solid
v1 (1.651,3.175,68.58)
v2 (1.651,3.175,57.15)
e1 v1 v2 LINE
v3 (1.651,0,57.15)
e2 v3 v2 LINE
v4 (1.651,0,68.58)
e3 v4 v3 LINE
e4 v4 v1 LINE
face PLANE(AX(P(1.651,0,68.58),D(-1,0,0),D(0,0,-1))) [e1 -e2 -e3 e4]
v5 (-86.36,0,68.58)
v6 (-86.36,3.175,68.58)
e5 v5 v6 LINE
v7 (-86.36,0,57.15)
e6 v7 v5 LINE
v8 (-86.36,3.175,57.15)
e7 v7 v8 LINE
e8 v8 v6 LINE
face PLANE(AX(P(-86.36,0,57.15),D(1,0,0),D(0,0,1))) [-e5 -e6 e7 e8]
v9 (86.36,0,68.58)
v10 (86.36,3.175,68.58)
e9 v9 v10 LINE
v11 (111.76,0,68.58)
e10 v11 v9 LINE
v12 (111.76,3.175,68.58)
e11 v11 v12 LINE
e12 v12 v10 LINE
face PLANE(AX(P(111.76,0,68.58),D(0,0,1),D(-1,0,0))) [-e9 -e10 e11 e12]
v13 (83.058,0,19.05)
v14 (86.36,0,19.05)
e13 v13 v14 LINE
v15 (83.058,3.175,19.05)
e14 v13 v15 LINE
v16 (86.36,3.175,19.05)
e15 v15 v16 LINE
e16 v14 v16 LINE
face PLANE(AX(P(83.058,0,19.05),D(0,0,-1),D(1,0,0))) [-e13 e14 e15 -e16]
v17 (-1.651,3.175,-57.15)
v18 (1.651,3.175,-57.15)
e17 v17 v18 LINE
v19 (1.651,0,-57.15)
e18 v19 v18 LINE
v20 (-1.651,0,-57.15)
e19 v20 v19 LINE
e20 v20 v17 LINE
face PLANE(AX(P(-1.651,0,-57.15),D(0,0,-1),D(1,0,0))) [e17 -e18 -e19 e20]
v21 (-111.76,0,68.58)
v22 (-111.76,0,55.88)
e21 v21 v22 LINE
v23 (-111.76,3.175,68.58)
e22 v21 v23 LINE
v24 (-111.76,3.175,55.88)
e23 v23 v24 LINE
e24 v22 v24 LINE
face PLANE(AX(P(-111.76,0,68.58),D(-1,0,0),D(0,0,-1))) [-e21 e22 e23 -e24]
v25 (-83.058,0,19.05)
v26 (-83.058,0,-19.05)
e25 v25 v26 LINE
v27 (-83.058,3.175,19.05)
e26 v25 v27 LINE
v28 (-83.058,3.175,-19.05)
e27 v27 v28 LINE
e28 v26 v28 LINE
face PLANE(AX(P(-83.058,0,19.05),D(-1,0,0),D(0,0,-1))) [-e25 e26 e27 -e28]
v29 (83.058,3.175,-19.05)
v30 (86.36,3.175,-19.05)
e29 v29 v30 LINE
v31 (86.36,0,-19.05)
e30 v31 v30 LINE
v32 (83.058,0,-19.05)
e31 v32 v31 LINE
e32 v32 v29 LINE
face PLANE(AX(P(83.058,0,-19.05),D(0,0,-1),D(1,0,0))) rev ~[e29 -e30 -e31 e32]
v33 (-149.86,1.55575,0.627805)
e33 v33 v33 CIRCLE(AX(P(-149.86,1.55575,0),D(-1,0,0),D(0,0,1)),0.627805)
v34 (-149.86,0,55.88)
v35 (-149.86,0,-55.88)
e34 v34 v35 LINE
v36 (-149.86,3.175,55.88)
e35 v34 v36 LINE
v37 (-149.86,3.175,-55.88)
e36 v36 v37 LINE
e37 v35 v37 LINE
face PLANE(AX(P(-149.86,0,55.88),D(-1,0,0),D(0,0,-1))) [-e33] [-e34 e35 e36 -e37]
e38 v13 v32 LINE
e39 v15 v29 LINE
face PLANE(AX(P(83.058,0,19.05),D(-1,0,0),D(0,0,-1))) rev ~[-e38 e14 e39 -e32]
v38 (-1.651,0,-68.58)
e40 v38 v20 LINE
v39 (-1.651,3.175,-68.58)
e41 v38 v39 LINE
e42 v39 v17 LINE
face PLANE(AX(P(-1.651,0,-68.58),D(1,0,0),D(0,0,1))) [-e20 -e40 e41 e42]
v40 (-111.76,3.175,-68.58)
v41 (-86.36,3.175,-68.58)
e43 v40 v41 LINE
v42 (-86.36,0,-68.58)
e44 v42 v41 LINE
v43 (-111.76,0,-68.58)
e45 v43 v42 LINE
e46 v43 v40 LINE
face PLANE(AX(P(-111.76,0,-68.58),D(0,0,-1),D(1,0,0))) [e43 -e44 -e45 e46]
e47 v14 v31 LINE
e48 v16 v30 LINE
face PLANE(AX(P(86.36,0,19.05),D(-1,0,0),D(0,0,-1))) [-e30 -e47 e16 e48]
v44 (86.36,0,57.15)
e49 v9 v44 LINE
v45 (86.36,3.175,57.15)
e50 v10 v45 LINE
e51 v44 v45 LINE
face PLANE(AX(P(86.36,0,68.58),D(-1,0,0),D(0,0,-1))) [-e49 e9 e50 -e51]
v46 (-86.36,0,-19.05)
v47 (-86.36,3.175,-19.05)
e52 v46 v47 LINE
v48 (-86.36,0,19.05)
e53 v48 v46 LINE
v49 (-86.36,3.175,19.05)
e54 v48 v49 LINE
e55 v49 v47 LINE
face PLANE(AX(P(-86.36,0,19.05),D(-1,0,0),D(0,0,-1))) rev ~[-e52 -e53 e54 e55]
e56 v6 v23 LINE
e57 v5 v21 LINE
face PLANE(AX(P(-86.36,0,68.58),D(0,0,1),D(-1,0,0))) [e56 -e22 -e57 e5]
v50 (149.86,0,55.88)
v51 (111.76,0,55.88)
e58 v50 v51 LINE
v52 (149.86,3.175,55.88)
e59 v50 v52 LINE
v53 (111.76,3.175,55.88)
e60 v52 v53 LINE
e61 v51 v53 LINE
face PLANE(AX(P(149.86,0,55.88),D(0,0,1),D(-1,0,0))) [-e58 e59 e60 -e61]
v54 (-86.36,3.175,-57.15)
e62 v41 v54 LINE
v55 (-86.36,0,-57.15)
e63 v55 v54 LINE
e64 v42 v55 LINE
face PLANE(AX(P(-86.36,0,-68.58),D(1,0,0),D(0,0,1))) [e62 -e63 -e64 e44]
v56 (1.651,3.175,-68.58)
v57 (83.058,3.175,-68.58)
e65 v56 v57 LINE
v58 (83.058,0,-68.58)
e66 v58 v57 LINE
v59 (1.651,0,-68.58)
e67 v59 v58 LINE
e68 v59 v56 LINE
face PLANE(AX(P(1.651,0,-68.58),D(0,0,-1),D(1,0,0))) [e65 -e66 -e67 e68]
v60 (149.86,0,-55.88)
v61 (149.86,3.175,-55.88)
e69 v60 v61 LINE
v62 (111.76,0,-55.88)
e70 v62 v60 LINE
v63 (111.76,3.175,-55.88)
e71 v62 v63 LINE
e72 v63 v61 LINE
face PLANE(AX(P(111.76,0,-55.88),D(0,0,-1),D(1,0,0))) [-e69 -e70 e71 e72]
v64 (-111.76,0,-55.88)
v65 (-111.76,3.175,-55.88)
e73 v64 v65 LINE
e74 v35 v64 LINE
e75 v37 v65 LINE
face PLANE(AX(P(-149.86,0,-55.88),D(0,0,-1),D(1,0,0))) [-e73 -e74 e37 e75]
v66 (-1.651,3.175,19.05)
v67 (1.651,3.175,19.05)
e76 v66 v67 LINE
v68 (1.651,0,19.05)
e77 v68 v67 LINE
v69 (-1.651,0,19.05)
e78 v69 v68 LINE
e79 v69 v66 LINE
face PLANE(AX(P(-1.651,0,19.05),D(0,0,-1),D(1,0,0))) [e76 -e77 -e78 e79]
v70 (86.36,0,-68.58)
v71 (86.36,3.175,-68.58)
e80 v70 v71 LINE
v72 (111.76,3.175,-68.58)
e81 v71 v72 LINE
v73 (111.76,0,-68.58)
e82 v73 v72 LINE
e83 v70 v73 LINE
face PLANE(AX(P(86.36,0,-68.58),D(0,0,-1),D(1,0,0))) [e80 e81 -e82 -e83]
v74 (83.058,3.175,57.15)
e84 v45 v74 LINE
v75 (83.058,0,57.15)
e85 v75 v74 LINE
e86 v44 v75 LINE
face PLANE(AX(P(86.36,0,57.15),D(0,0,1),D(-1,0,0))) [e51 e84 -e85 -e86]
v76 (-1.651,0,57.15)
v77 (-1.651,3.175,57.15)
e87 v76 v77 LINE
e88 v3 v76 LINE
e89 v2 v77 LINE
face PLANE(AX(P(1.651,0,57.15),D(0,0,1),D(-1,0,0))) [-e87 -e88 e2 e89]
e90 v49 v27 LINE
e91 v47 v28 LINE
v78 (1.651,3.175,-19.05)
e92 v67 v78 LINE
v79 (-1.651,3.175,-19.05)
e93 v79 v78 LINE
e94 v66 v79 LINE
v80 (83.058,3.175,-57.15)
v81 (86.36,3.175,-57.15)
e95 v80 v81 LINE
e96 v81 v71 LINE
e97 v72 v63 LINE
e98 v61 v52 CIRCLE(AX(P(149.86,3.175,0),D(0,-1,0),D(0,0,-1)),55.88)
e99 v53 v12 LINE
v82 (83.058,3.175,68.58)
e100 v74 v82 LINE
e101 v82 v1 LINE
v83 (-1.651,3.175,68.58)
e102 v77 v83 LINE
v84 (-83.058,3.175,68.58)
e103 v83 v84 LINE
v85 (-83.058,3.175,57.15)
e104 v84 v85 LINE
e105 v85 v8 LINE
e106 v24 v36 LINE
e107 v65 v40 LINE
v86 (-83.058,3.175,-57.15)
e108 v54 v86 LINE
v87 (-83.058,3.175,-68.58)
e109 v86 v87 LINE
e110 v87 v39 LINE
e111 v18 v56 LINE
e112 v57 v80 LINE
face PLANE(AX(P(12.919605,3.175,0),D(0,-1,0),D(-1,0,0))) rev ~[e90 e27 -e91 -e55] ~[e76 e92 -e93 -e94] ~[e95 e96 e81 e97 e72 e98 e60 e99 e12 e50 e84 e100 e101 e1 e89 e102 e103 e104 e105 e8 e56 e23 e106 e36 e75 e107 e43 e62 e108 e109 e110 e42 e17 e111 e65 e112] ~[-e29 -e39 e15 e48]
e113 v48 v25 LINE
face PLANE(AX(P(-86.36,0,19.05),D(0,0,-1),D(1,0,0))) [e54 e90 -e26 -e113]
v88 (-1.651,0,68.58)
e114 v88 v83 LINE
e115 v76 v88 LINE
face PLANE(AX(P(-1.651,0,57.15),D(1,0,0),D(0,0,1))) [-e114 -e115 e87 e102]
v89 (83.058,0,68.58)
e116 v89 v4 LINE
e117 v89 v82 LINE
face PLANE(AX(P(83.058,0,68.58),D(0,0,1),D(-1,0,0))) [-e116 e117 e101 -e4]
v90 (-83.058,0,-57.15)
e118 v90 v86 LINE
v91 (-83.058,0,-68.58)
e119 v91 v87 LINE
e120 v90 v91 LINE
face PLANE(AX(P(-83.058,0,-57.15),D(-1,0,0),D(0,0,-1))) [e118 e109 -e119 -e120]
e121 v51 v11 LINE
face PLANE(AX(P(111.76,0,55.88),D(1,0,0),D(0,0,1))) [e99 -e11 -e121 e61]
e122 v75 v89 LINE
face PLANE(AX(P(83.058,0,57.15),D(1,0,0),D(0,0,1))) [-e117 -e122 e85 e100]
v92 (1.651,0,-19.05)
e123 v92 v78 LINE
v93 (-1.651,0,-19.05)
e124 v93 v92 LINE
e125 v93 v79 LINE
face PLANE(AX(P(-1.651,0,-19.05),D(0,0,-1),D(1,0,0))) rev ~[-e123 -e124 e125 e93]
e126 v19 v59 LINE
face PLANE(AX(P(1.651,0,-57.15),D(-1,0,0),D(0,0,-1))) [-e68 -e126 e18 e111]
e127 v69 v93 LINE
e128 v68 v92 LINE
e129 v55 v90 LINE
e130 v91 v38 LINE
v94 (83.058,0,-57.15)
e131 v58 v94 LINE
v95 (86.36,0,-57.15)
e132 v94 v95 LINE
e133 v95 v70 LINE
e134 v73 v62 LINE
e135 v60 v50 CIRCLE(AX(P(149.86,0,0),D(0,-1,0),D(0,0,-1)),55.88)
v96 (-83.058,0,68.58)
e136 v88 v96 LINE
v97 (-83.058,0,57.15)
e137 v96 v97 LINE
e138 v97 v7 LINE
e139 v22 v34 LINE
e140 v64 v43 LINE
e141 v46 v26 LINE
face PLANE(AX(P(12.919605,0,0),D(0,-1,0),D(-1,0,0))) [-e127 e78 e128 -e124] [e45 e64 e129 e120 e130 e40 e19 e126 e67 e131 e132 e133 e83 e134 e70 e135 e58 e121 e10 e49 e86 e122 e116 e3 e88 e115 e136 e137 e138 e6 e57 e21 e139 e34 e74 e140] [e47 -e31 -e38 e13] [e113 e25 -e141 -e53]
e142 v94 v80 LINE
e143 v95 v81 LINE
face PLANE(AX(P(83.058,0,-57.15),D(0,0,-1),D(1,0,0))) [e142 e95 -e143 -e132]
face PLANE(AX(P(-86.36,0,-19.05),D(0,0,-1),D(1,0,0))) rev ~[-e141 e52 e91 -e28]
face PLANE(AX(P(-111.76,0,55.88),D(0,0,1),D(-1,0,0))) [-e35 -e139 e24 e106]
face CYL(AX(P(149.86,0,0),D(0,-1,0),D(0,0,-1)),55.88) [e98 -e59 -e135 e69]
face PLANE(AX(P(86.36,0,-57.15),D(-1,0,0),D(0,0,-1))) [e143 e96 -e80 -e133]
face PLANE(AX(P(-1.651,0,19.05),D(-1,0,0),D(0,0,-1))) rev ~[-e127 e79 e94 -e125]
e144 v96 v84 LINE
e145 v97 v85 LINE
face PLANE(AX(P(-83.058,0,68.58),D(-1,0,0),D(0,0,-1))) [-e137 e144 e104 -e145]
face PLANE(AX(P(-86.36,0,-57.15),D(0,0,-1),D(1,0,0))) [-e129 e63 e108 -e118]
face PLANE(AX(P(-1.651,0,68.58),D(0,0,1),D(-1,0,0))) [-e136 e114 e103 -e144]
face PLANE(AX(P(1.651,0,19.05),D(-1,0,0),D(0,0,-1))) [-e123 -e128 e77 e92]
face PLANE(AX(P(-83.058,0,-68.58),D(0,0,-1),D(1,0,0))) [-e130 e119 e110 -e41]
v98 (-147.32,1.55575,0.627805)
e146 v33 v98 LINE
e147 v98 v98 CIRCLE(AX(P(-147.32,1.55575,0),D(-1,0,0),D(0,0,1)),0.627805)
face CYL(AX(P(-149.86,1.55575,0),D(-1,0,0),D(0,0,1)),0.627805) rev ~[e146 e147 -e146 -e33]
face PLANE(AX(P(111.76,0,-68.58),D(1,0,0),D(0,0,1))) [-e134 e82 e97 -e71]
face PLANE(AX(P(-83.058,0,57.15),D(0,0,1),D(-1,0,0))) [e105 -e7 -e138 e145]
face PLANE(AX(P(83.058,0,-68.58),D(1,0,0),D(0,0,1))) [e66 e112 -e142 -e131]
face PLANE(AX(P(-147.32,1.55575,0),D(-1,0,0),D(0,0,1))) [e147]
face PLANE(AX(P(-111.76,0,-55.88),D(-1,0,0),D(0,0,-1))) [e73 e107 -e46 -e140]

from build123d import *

# Parameters (mm, degrees)
SKETCH1_W           = 3.302
SKETCH1_H           = 38.1
BOSS_EXTRUDE1_DEPTH = 3.175
SKETCH2_R           = 0.627804746
CUT_EXTRUDE1_DEPTH  = 2.54


with BuildPart() as part:
    # Sketch1 → Boss-Extrude1 (new body)
    with BuildSketch(Plane(origin=(0, 0, 0), x_dir=(1, 0, 0), z_dir=(0, 1, 0))):
        with BuildLine():
            Line((-149.86, -55.88), (-149.86, 55.88))
            Line((-149.86, 55.88), (-111.76, 55.88))
            Line((-111.76, 55.88), (-111.76, 68.58))
            Line((-111.76, 68.58), (-86.36, 68.58))
            Line((-86.36, 68.58), (-86.36, 57.15))
            Line((-86.36, 57.15), (-83.058, 57.15))
            Line((-83.058, 57.15), (-83.058, 68.58))
            Line((-83.058, 68.58), (-1.651, 68.58))
            Line((-1.651, 68.58), (-1.651, 57.15))
            Line((-1.651, 57.15), (1.651, 57.15))
            Line((1.651, 57.15), (1.651, 68.58))
            Line((1.651, 68.58), (83.058, 68.58))
            Line((83.058, 68.58), (83.058, 57.15))
            Line((83.058, 57.15), (86.36, 57.15))
            Line((86.36, 57.15), (86.36, 68.58))
            Line((86.36, 68.58), (111.76, 68.58))
            Line((111.76, 68.58), (111.76, 55.88))
            Line((111.76, 55.88), (149.86, 55.88))
            ThreePointArc((149.86, 55.88), (205.74, 0), (149.86, -55.88))
            Line((149.86, -55.88), (111.76, -55.88))
            Line((111.76, -55.88), (111.76, -68.58))
            Line((111.76, -68.58), (86.36, -68.58))
            Line((86.36, -68.58), (86.36, -57.15))
            Line((86.36, -57.15), (83.058, -57.15))
            Line((83.058, -57.15), (83.058, -68.58))
            Line((83.058, -68.58), (1.651, -68.58))
            Line((1.651, -68.58), (1.651, -57.15))
            Line((1.651, -57.15), (-1.651, -57.15))
            Line((-1.651, -57.15), (-1.651, -68.58))
            Line((-1.651, -68.58), (-83.058, -68.58))
            Line((-83.058, -68.58), (-83.058, -57.15))
            Line((-83.058, -57.15), (-86.36, -57.15))
            Line((-86.36, -57.15), (-86.36, -68.58))
            Line((-86.36, -68.58), (-111.76, -68.58))
            Line((-111.76, -68.58), (-111.76, -55.88))
            Line((-111.76, -55.88), (-149.86, -55.88))
        make_face()
        Rectangle(SKETCH1_W, SKETCH1_H, mode=Mode.SUBTRACT)
        with Locations((-84.709, 0)):
            Rectangle(SKETCH1_W, SKETCH1_H, mode=Mode.SUBTRACT)
        with Locations((84.709, 0)):
            Rectangle(SKETCH1_W, SKETCH1_H, mode=Mode.SUBTRACT)
    extrude(amount=BOSS_EXTRUDE1_DEPTH)

    # Sketch2 → Cut-Extrude1 (cut)
    with BuildSketch(Plane.ZY.offset(149.86)):
        with Locations((0, 1.55575)):
            Circle(SKETCH2_R)
    extrude(amount=-CUT_EXTRUDE1_DEPTH, mode=Mode.SUBTRACT)


solid = part.part
